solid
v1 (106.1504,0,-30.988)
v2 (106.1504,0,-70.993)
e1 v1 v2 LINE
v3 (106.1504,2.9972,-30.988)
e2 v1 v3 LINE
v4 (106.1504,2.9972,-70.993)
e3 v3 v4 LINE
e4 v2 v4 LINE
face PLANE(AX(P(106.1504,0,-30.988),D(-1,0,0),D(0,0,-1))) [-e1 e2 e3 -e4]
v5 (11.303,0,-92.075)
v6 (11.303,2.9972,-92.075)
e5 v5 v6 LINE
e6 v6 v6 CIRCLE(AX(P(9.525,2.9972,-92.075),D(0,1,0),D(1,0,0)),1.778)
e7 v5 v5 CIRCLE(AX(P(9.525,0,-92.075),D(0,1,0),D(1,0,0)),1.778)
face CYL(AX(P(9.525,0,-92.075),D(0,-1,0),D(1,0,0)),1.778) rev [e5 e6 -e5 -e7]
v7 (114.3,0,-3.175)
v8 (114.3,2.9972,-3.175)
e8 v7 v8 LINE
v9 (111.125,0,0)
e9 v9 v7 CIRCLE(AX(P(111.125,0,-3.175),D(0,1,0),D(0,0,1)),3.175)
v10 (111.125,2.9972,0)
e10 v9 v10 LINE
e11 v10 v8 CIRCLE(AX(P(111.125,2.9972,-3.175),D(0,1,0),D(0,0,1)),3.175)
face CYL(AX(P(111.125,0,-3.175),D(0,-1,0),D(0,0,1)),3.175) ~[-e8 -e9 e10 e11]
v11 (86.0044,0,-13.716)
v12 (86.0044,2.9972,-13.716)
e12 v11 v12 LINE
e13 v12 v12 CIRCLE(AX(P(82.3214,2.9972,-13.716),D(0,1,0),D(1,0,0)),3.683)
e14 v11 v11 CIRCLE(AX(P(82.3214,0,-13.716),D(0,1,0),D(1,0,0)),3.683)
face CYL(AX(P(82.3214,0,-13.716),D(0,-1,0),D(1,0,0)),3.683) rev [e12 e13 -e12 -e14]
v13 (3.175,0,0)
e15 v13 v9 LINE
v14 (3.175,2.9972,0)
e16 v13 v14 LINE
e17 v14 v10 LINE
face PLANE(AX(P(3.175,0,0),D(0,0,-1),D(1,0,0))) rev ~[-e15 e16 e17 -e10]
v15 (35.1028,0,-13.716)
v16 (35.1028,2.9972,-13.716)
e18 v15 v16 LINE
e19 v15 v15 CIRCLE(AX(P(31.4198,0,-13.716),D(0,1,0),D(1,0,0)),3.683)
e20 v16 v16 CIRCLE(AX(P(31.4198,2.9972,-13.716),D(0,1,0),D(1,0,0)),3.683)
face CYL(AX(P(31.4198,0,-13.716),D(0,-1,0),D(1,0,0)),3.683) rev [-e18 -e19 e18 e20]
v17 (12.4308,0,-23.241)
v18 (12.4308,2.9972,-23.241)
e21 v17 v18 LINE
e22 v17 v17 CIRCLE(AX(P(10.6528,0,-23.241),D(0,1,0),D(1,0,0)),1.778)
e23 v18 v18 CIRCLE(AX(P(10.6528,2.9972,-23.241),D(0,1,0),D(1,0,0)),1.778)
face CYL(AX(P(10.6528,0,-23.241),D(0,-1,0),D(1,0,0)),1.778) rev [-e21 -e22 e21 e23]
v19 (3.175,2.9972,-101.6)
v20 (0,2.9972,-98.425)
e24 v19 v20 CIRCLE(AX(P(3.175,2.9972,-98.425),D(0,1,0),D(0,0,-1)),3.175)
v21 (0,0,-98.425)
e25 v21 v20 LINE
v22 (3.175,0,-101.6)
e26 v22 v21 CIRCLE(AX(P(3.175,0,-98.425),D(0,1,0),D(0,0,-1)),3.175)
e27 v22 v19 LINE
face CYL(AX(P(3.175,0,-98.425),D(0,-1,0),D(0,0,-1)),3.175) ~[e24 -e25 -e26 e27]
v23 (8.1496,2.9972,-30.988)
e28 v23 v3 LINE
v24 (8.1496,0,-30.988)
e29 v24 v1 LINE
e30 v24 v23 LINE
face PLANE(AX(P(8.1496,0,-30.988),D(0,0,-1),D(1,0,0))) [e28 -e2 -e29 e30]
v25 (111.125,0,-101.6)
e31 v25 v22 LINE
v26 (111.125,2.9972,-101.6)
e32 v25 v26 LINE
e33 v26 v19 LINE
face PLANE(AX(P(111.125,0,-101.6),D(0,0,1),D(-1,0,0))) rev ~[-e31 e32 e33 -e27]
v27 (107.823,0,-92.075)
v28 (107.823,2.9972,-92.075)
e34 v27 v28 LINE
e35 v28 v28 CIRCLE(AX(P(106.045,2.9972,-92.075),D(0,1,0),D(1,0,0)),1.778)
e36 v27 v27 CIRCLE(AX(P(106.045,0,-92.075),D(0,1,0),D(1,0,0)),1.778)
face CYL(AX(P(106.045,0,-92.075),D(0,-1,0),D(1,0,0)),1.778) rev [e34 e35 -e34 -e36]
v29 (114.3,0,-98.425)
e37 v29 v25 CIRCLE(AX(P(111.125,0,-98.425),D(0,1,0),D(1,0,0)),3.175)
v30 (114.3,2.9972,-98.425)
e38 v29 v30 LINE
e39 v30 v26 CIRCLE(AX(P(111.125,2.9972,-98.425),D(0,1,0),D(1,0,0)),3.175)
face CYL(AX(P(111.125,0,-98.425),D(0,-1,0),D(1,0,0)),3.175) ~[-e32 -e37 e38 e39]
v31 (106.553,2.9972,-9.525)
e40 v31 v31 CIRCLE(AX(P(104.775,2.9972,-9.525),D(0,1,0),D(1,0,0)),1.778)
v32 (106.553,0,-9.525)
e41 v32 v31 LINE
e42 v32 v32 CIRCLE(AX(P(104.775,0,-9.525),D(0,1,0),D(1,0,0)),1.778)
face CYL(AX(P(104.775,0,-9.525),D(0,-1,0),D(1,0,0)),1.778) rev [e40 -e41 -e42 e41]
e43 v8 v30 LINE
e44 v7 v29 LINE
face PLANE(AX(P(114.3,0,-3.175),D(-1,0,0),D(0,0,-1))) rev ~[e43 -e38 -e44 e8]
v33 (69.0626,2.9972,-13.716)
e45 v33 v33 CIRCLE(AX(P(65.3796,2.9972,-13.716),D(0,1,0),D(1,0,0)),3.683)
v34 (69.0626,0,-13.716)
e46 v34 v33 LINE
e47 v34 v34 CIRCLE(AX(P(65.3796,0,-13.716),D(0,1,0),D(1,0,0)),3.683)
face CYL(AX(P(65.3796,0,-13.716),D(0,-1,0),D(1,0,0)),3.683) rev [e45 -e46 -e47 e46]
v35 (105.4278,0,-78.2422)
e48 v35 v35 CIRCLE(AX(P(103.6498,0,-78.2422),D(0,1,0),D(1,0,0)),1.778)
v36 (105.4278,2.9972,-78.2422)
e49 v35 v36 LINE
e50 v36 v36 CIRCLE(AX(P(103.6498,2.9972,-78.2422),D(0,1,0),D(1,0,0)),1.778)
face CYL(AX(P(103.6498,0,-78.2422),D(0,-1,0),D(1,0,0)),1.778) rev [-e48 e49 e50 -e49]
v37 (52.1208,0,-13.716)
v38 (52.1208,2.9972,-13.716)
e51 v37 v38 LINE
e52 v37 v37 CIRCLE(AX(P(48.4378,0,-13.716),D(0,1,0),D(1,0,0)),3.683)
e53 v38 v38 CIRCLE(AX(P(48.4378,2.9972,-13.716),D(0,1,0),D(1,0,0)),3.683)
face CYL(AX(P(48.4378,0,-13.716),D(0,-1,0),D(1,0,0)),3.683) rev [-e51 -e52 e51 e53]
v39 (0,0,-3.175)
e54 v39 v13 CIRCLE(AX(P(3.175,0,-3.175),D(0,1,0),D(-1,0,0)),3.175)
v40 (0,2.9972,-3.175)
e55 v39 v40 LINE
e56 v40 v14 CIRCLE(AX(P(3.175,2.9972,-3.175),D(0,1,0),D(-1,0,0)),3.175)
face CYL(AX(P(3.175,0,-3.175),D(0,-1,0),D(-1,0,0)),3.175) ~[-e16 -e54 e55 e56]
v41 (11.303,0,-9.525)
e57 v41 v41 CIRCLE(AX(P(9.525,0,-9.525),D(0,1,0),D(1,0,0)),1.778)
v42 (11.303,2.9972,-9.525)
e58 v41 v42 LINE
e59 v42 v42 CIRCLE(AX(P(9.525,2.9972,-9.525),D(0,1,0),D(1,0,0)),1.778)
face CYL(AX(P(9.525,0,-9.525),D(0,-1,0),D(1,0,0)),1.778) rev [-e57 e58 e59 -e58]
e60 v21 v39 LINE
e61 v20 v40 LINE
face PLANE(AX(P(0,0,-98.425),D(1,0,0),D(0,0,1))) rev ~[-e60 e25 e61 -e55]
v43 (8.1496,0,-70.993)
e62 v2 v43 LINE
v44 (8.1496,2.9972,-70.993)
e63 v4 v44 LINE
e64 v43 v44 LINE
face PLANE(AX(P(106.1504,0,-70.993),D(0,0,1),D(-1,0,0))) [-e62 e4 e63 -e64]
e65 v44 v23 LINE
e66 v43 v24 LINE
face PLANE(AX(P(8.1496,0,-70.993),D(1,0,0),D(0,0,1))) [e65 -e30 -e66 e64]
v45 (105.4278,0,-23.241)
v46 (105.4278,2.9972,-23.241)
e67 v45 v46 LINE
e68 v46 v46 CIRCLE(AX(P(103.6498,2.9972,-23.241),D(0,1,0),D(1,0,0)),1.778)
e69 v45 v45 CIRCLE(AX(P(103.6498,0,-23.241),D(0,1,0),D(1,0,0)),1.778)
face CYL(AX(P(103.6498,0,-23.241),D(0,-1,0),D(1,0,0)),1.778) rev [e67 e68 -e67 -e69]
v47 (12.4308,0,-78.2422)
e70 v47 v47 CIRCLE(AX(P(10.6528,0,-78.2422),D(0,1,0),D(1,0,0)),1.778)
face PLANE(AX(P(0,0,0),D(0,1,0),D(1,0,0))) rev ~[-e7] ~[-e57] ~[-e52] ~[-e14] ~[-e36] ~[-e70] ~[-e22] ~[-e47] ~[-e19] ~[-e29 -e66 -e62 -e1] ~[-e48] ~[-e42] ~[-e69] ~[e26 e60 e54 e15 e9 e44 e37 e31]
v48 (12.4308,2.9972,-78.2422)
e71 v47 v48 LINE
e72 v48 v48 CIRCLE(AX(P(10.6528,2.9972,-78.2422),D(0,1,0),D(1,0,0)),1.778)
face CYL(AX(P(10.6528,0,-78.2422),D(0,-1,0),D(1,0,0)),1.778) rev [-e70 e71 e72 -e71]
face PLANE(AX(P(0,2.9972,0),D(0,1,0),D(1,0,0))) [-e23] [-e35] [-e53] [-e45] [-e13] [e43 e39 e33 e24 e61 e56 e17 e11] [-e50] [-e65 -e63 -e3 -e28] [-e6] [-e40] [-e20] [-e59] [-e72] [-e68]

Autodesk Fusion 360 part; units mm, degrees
sketch "Sketch1" plane through (0, 0, 0) normal (0, 1, 0) x (1, 0, 0)
  arc A0 (111.125, 0) -> (114.3, 3.175) centre (111.125, 3.175) ccw
  line L0 (0, 0) -> (114.3, 0)
  line L1 (114.3, 0) -> (114.3, 101.6)
  arc A1 (3.175, 101.6) -> (0, 98.425) centre (3.175, 98.425) ccw
  arc A2 (0, 3.175) -> (3.175, 0) centre (3.175, 3.175) ccw
  circle A3 centre (25.4, 50.8) radius 3.175
  circle A4 centre (88.9, 50.8) radius 3.175
  line L2 (0, 101.6) -> (0, 0)
  line L3 (114.3, 101.6) -> (0, 101.6)
  arc A5 (114.3, 98.425) -> (111.125, 101.6) centre (111.125, 98.425) ccw
  line L4 (8.1496, 70.993) -> (8.1496, 30.988)
  line L5 (106.1504, 70.993) -> (8.1496, 70.993)
  line L6 (8.1496, 30.988) -> (106.1504, 30.988)
  line L7 (106.1504, 80.6374) -> (8.1496, 80.6374)
  line L8 (8.1496, 20.6375) -> (106.1504, 20.6375)
  line L9 (106.1504, 20.6375) -> (106.1504, 80.6374)
  line L10 (8.1496, 80.6374) -> (8.1496, 20.6375)
  line L11 (106.1504, 30.988) -> (106.1504, 70.993)
  circle A6 centre (65.3796, 13.716) radius 3.683
  circle A7 centre (48.4378, 13.716) radius 3.683
  circle A8 centre (82.3214, 13.716) radius 3.683
  circle A9 centre (31.4198, 13.716) radius 3.683
  circle A10 centre (103.6498, 23.241) radius 1.778
  circle A11 centre (10.6528, 23.241) radius 1.778
  circle A12 centre (10.6528, 78.2422) radius 1.778
  circle A13 centre (103.6498, 78.2422) radius 1.778
  circle A14 centre (9.525, 92.075) radius 1.778
  circle A15 centre (9.525, 9.525) radius 1.778
  circle A16 centre (104.775, 9.525) radius 1.778
  circle A17 centre (106.045, 92.075) radius 1.778
extrude "Extrude1" add sketch "Sketch1" along normal blind 2.9972 contours A0 L0 L1 A1 A2 L2 L3 A5 | L5 L7 L9 L10 | L6 L8 L9 L10
